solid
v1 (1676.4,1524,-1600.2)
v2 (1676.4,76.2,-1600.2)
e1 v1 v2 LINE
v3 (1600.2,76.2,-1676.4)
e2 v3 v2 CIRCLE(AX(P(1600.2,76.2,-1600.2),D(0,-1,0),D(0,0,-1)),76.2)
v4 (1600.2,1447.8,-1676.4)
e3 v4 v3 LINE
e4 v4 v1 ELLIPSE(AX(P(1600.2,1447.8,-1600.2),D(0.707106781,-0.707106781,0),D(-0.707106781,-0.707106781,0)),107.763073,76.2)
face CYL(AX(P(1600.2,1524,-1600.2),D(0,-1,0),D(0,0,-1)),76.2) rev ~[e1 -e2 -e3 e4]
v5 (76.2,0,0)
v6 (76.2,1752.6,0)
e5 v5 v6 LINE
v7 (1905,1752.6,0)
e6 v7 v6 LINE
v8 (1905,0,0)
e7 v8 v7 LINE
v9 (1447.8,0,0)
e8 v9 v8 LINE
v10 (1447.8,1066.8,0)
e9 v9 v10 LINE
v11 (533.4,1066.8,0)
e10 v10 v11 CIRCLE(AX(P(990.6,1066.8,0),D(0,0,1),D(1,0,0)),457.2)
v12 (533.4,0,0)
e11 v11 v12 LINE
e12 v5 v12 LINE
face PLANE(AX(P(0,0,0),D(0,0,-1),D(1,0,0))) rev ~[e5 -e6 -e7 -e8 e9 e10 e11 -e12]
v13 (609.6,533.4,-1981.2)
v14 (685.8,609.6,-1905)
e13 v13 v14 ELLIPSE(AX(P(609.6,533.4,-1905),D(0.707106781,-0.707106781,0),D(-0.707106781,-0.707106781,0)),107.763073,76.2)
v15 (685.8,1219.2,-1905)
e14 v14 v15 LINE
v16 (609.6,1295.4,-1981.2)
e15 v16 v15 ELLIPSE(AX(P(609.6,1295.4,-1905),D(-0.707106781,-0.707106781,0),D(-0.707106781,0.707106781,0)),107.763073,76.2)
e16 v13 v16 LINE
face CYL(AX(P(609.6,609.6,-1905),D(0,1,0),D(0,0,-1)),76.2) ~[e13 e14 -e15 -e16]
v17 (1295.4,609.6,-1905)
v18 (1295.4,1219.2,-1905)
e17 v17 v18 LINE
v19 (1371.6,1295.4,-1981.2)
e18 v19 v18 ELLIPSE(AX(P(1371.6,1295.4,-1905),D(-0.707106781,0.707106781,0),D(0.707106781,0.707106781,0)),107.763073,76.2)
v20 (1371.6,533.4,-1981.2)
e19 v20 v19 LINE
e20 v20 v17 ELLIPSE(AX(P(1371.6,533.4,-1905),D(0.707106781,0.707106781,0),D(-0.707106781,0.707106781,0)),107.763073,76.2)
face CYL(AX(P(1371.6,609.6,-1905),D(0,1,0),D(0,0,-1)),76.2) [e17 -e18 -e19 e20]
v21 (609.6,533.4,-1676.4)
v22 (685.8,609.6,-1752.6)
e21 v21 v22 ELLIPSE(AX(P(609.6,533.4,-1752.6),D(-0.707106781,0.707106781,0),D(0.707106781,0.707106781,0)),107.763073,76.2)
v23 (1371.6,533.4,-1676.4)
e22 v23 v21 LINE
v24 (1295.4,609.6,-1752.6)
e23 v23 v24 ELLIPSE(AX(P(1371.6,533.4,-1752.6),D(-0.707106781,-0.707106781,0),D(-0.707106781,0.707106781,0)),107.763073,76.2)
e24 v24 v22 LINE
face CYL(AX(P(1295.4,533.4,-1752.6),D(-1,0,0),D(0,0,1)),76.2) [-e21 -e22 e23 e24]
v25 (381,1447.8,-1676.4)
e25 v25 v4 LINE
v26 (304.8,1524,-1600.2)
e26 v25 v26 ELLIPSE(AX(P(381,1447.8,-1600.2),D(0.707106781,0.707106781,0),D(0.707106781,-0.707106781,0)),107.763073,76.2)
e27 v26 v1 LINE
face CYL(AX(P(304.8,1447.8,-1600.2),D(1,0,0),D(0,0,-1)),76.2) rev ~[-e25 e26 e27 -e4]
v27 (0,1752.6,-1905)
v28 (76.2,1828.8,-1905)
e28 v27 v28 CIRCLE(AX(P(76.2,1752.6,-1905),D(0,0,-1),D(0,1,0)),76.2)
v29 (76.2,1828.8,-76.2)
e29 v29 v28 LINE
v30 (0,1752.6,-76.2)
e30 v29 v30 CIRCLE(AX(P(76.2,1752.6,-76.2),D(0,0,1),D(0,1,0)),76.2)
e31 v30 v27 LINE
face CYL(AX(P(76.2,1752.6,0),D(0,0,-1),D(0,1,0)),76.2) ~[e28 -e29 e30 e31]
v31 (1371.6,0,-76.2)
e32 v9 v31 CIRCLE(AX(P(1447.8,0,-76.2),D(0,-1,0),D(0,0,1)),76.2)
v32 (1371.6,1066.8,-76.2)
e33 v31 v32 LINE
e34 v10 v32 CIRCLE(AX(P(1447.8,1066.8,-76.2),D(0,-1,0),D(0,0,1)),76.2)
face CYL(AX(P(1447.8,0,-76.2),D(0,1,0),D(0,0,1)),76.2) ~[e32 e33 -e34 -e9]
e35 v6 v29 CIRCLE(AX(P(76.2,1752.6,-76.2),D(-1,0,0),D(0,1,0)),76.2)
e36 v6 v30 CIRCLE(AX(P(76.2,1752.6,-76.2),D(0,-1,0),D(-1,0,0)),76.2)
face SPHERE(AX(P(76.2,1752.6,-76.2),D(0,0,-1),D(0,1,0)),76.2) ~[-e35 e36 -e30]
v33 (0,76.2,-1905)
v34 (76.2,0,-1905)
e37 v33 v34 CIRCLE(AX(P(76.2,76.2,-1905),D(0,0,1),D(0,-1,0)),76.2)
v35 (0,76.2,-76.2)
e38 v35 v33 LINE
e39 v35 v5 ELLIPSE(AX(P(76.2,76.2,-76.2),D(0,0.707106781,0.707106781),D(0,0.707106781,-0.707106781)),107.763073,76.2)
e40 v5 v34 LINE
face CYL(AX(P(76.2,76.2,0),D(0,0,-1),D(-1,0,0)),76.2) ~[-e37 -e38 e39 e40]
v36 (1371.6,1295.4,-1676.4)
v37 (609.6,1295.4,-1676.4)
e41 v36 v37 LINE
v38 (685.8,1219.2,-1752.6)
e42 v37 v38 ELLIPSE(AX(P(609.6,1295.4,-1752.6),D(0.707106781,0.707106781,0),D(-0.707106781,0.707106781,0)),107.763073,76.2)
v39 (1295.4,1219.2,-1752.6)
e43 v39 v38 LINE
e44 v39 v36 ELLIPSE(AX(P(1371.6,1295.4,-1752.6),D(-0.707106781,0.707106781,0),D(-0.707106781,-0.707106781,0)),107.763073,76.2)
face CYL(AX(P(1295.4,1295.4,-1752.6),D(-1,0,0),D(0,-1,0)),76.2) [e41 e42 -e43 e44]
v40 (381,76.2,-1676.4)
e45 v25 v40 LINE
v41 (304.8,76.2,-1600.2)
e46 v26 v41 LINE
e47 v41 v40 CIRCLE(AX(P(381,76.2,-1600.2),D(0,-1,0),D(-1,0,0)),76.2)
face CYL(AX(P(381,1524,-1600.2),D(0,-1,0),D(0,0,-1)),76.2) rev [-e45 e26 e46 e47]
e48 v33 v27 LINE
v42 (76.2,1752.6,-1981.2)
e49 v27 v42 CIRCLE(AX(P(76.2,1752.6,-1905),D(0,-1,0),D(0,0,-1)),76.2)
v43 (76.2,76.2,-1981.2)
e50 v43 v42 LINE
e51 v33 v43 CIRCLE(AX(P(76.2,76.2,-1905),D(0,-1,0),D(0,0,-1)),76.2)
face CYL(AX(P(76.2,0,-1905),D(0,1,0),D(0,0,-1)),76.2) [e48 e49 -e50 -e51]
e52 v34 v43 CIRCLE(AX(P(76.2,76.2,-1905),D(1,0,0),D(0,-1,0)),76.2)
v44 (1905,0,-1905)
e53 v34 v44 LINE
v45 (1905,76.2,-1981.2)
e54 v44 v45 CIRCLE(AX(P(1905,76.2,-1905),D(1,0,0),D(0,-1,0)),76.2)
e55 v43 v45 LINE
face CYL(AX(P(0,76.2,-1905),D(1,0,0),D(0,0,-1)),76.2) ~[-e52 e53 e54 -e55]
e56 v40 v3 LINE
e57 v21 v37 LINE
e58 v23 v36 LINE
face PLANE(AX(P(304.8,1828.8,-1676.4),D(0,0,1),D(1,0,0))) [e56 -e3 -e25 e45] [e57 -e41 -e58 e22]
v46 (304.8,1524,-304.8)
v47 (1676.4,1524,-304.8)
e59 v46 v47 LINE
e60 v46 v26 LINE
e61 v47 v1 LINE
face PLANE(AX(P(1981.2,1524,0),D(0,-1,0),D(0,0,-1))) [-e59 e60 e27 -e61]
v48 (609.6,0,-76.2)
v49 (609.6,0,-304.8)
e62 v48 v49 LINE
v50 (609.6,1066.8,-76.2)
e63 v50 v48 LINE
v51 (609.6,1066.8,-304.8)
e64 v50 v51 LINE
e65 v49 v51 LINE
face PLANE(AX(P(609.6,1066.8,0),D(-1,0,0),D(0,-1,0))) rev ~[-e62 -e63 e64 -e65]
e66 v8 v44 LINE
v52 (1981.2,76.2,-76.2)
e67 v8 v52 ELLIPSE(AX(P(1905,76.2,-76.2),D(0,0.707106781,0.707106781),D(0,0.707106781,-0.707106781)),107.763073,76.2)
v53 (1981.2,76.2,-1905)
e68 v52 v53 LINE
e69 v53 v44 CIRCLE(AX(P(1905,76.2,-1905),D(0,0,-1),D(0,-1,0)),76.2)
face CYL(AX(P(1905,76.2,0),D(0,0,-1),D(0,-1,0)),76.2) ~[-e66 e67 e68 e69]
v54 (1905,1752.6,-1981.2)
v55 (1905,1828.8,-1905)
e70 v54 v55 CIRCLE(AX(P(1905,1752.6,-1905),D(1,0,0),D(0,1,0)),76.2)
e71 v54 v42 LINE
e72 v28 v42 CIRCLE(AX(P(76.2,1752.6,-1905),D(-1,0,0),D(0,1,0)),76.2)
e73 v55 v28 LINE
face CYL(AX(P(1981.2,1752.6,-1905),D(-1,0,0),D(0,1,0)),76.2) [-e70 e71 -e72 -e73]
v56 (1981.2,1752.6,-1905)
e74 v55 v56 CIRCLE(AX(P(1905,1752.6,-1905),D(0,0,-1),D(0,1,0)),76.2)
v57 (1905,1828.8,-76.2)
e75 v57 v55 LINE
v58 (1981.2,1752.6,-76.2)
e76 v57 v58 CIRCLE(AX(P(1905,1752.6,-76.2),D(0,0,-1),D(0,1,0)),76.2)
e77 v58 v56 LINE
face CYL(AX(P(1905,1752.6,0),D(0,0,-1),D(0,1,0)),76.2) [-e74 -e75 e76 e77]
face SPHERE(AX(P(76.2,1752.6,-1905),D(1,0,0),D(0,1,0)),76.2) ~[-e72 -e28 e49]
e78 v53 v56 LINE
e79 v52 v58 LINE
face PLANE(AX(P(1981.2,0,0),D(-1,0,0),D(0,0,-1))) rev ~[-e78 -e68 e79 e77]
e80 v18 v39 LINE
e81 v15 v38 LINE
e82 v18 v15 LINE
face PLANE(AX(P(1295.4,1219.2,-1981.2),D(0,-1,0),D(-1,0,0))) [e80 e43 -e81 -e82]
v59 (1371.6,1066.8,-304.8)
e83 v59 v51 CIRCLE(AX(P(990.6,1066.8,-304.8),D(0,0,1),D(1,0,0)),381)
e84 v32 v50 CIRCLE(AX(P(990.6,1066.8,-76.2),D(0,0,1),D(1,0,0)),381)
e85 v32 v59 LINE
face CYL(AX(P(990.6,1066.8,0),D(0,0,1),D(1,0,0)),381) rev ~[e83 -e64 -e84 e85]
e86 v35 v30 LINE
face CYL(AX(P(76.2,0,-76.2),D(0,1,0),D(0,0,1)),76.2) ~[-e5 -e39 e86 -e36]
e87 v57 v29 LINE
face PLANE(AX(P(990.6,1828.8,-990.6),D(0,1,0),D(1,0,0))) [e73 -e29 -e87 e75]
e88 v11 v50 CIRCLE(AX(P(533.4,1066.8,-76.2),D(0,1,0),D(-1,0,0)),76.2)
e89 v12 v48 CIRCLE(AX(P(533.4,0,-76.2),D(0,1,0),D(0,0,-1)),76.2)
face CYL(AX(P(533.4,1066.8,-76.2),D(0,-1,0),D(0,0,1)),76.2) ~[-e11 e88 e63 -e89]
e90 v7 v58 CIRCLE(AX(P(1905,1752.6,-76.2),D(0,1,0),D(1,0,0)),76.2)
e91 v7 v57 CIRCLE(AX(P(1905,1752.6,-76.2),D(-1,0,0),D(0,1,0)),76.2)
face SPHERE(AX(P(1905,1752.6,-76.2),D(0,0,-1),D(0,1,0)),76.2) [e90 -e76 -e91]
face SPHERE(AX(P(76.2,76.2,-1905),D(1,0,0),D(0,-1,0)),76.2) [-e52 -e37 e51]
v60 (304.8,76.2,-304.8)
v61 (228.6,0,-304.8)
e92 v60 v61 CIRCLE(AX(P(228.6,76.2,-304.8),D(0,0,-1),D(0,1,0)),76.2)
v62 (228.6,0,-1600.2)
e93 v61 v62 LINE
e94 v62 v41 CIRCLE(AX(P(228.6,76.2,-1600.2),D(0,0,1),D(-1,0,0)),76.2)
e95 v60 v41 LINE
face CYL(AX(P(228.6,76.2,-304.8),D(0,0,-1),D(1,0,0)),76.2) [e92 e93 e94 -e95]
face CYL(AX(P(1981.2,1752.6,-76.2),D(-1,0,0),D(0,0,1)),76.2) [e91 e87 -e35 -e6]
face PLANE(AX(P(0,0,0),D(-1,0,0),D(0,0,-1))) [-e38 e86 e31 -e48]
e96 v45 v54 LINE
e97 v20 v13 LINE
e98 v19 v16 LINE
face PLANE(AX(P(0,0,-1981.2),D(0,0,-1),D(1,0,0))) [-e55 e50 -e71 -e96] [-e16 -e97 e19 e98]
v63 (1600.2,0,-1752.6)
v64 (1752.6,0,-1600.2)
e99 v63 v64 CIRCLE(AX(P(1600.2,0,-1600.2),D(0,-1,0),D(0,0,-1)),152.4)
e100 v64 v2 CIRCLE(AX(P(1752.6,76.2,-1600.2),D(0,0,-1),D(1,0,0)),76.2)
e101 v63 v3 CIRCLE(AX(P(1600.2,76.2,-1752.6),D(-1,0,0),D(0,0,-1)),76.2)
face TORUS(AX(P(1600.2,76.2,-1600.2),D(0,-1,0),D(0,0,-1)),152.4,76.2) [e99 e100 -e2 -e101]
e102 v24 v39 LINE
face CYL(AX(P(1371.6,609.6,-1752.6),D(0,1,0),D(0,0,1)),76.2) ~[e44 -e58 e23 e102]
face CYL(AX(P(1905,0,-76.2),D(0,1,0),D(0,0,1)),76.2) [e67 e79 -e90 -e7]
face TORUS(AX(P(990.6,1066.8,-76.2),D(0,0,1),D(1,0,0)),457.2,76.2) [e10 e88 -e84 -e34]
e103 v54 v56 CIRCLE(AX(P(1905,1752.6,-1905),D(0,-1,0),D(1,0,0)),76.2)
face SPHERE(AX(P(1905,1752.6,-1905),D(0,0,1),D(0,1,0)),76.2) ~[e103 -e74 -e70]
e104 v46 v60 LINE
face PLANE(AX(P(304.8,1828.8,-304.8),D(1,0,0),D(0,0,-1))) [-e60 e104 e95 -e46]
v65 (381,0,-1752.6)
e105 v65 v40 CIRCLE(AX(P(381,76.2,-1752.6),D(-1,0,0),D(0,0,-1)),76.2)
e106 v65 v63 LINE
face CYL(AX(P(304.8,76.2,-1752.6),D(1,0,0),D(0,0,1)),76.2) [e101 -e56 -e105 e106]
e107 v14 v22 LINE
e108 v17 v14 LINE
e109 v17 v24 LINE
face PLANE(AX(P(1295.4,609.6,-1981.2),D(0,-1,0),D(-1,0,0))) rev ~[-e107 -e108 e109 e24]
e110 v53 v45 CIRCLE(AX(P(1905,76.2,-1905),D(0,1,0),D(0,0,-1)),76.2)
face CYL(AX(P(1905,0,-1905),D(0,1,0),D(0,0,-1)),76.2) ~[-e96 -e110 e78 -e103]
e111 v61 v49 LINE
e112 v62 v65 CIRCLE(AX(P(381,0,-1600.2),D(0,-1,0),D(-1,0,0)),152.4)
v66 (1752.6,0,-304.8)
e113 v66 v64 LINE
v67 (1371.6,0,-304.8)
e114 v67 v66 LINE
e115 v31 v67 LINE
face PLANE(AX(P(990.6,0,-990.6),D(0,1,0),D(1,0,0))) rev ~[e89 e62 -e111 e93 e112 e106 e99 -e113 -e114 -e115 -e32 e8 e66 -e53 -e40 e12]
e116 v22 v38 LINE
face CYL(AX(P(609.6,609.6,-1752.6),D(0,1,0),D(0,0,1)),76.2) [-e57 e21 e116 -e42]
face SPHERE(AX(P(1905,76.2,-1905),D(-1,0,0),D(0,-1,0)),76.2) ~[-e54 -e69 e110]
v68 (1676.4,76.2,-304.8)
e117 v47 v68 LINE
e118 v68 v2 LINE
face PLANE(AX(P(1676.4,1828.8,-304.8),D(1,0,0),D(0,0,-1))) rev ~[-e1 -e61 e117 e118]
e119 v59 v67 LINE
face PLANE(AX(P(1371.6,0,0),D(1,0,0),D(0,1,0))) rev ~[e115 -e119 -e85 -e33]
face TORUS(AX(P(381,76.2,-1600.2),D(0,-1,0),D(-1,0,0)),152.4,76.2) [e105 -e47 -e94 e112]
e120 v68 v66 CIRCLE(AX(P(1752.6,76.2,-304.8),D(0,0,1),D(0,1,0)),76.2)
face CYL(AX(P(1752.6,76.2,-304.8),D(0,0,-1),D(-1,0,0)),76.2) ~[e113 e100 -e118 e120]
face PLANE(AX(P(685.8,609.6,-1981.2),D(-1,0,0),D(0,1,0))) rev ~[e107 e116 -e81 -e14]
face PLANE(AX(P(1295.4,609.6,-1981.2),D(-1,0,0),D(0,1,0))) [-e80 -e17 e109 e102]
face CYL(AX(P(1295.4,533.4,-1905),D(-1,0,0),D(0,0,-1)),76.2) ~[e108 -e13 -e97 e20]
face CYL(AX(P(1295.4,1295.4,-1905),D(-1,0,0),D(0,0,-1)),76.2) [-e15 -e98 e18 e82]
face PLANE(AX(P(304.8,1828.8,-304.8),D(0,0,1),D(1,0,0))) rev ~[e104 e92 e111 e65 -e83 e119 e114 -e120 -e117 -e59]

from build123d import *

# Parameters (mm, degrees)
SKETCH1_W           = 1981.2
SKETCH1_H           = 1981.2
BOSS_EXTRUDE1_DEPTH = 1828.8
CUT_EXTRUDE1_DEPTH  = 1371.6
SKETCH3_W           = 1371.6
SKETCH3_H           = 1371.6
CUT_EXTRUDE2_DEPTH  = 3346.865556175
SKETCH4_W           = 609.6
SKETCH4_H           = 609.6
CUT_EXTRUDE3_DEPTH  = 304.8
SKETCH5_W           = 1981.2
SKETCH5_H           = 304.8
BOSS_EXTRUDE2_DEPTH = 1676.4
FILLET1_R           = 76.2


with BuildPart() as part:
    # Sketch1 → Boss-Extrude1 (new body)
    with BuildSketch(Plane(origin=(0, 0, 0), x_dir=(1, 0, 0), z_dir=(0, 1, 0))):
        with Locations((990.6, 990.6)):
            Rectangle(SKETCH1_W, SKETCH1_H)
    extrude(amount=BOSS_EXTRUDE1_DEPTH)

    # Sketch2 → Cut-Extrude1 (cut)
    with BuildSketch(Plane.XY):
        with BuildLine():
            Line((609.6, 0), (1371.6, 0))
            Line((1371.6, 0), (1371.6, 1066.8))
            ThreePointArc((1371.6, 1066.8), (990.6, 1447.8), (609.6, 1066.8))
            Line((609.6, 1066.8), (609.6, 0))
        make_face()
    extrude(amount=-CUT_EXTRUDE1_DEPTH, mode=Mode.SUBTRACT)

    # Sketch3 → Cut-Extrude2 (cut, through all)
    with BuildSketch(Plane(origin=(0, 1828.8, 0), x_dir=(1, 0, 0), z_dir=(0, 1, 0))):
        with Locations((990.6, 990.6)):
            Rectangle(SKETCH3_W, SKETCH3_H)
    extrude(amount=-CUT_EXTRUDE2_DEPTH, mode=Mode.SUBTRACT)

    # Sketch4 → Cut-Extrude3 (cut)
    with BuildSketch(Plane(origin=(0, 0, -1981.2), x_dir=(-1, 0, 0), z_dir=(0, 0, -1))):
        with Locations((-990.6, 914.4)):
            Rectangle(SKETCH4_W, SKETCH4_H)
    extrude(amount=-CUT_EXTRUDE3_DEPTH, mode=Mode.SUBTRACT)

    # Sketch5 → Boss-Extrude2 (add)
    with BuildSketch(Plane(origin=(1981.2, 0, 0), x_dir=(0, 0, -1), z_dir=(1, 0, 0))):
        with Locations((990.6, 1676.4)):
            Rectangle(SKETCH5_W, SKETCH5_H)
    extrude(amount=-BOSS_EXTRUDE2_DEPTH)

    # Fillet1
    fillet1_edges = [part.edges().sort_by_distance(p)[0] for p in [
        (1981.2, 1828.8, -990.6),
        (990.6, 1828.8, -1981.2),
        (609.6, 533.4, 0),
        (1371.6, 533.4, 0),
        (990.6, 1447.8, 0),
        (990.6, 0, -1676.4),
        (304.8, 762, -1676.4),
        (1676.4, 0, -990.6),
        (1676.4, 762, -1676.4),
        (304.8, 0, -990.6),
        (0, 1828.8, -990.6),
        (990.6, 0, -1981.2),
        (1981.2, 0, -990.6),
        (990.6, 609.6, -1981.2),
        (1295.4, 914.4, -1981.2),
        (685.8, 914.4, -1676.4),
        (685.8, 914.4, -1981.2),
        (990.6, 1219.2, -1676.4),
        (990.6, 1219.2, -1981.2),
        (990.6, 609.6, -1676.4),
        (1295.4, 914.4, -1676.4),
        (0, 0, -990.6),
        (990.6, 1828.8, 0),
        (990.6, 1524, -1676.4),
        (0, 914.4, -1981.2),
        (1981.2, 914.4, -1981.2),
        (1981.2, 914.4, 0),
        (0, 914.4, 0),
    ]]
    fillet(fillet1_edges, radius=FILLET1_R)


solid = part.part
